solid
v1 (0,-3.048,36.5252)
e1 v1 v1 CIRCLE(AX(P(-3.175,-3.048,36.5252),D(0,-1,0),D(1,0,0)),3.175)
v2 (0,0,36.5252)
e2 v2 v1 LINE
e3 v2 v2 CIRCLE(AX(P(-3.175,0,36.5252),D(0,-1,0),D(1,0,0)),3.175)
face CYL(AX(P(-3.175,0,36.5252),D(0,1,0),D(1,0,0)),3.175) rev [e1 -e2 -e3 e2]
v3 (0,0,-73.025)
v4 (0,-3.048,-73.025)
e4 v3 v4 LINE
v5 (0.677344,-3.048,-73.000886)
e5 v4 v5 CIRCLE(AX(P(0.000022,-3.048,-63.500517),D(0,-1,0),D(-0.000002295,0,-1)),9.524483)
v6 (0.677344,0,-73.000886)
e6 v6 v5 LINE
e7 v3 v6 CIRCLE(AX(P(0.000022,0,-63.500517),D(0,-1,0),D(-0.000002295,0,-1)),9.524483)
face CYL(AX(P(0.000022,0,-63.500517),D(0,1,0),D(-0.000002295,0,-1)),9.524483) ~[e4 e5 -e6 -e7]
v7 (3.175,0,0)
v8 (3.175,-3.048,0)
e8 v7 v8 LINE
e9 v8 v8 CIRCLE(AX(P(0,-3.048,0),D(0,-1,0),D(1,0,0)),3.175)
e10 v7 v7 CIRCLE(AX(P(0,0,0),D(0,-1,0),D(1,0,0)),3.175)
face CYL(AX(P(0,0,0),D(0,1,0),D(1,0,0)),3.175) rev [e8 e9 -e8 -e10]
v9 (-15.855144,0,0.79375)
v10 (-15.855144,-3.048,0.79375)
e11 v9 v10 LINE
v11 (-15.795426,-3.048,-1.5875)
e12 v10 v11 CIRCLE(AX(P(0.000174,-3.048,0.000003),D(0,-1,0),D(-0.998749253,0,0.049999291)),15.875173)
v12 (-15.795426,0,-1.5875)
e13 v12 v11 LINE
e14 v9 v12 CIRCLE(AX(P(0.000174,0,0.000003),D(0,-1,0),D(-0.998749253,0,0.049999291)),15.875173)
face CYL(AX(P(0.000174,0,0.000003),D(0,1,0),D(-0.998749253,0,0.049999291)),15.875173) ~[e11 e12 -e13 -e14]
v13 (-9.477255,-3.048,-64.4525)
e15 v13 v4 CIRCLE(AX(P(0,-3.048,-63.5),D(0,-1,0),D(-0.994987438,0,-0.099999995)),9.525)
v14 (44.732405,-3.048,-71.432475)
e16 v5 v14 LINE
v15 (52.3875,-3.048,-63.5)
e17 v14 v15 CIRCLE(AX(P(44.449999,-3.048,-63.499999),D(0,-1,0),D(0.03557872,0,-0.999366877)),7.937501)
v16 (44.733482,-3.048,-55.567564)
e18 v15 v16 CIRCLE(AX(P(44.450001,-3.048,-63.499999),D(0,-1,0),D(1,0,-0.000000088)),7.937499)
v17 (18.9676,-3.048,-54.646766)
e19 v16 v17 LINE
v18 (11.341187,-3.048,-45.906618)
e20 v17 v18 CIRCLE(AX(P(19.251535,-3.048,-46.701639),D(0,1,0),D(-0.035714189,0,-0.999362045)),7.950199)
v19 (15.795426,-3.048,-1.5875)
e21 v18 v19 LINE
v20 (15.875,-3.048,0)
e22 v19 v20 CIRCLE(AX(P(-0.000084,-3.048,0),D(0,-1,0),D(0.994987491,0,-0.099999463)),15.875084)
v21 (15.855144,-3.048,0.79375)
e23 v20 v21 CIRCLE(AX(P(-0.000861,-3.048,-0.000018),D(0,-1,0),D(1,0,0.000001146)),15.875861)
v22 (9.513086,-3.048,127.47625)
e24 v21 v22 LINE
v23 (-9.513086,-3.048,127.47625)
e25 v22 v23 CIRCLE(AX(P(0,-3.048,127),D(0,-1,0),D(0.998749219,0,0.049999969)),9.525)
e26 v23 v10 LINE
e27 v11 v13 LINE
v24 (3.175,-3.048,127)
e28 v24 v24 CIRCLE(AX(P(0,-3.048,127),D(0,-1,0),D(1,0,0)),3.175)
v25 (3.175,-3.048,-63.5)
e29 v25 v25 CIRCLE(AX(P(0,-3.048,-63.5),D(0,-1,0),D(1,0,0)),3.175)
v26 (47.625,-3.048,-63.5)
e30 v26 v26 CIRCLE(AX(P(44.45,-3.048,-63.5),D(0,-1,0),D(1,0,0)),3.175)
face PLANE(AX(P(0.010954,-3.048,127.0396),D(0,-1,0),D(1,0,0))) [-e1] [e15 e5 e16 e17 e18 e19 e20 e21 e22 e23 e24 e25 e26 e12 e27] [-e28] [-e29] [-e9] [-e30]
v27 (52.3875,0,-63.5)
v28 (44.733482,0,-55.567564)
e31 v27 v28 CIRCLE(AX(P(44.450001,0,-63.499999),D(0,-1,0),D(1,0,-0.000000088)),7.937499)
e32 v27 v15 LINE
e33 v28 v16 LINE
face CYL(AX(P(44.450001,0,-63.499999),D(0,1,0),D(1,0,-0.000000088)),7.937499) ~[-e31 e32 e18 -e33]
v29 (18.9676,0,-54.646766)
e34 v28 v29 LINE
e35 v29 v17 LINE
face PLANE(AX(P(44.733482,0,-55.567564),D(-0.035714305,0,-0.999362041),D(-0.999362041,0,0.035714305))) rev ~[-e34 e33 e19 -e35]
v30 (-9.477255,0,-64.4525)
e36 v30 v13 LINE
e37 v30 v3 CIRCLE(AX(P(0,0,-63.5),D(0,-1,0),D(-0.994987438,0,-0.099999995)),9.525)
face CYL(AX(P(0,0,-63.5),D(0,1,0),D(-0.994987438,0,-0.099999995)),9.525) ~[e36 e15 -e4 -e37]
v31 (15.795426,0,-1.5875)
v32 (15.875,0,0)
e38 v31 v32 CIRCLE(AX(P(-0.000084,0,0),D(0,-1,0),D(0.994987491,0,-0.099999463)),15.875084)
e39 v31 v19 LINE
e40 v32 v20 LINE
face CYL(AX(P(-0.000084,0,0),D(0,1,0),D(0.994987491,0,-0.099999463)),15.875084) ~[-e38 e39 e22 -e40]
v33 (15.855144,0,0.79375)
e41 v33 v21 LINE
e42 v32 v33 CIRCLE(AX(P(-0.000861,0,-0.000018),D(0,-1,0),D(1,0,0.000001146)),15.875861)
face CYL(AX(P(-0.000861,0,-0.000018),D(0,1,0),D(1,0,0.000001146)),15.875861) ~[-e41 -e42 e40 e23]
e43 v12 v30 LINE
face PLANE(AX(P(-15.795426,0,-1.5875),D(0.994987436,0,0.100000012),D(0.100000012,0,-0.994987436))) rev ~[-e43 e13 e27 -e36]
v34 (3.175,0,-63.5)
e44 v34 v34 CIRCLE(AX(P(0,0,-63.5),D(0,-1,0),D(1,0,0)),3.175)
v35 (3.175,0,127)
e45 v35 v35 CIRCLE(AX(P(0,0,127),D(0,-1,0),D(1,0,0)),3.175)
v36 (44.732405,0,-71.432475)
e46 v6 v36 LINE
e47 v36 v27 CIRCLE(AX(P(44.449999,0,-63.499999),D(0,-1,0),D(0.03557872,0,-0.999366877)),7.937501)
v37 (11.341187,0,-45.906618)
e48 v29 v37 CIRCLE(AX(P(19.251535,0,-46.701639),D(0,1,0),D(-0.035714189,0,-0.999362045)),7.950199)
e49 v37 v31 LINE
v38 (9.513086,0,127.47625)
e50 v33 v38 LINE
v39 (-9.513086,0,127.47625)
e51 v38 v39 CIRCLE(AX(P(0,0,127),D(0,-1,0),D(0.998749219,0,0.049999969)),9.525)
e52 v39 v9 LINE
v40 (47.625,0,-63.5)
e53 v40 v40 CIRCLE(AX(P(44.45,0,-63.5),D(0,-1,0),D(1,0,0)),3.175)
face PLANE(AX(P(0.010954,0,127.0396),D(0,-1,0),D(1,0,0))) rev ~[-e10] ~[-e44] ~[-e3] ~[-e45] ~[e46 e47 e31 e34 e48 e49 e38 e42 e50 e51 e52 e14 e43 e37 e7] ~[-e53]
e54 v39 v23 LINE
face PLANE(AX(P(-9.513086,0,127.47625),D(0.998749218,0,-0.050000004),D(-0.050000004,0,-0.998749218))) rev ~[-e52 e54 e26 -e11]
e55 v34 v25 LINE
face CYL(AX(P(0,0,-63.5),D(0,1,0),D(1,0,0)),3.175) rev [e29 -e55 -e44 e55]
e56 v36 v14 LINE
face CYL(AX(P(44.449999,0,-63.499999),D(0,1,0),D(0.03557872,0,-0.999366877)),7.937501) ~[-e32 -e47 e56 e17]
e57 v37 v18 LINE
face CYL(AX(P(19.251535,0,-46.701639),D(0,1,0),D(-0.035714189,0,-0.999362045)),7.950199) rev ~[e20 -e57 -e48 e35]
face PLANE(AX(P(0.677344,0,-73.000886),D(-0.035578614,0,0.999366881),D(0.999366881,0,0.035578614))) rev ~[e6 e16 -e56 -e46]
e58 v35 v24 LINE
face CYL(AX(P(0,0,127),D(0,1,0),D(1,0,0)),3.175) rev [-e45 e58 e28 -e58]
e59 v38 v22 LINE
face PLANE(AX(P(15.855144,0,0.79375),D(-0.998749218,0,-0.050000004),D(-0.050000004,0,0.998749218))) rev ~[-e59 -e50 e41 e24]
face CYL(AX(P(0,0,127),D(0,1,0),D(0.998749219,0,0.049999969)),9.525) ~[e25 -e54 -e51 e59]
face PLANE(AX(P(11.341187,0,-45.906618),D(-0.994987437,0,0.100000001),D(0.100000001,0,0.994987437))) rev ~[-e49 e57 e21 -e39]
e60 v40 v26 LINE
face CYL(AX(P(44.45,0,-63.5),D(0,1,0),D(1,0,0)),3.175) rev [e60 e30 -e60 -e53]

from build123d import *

# Parameters (mm, degrees)
F0_R     = 3.175
F1_DEPTH = 3.048


with BuildPart() as f1:
    # F0 (on Front) → F1 (new body)
    with BuildSketch(Plane.XZ):
        with BuildLine():
            ThreePointArc((-9.513086, 127.47625), (-0.238199, 117.477979), (9.525, 127))
            ThreePointArc((9.525, 127), (9.522021, 127.238199), (9.513086, 127.47625))
            ThreePointArc((9.513086, 127.47625), (0, 136.525), (-9.513086, 127.47625))
        make_face()
        with Locations((0, 127)):
            Circle(F0_R, mode=Mode.SUBTRACT)
        with BuildLine():
            ThreePointArc((9.513086, 127.47625), (9.522021, 127.238199), (9.525, 127))
            ThreePointArc((9.525, 127), (-0.238199, 117.477979), (-9.513086, 127.47625))
            Line((-9.513086, 127.47625), (-15.855144, 0.79375))
            ThreePointArc((-15.855144, 0.79375), (0, 15.875), (15.855144, 0.79375))
            Line((15.855144, 0.79375), (9.513086, 127.47625))
        make_face()
        with Locations((-3.175, 36.5252)):
            Circle(F0_R, mode=Mode.SUBTRACT)
        with BuildLine():
            ThreePointArc((15.875, 0), (15.870035, 0.396999), (15.855144, 0.79375))
            ThreePointArc((15.855144, 0.79375), (0, 15.875), (-15.855144, 0.79375))
            ThreePointArc((-15.855144, 0.79375), (-15.87001, -0.397997), (-15.795426, -1.5875))
            ThreePointArc((-15.795426, -1.5875), (0, -15.875), (15.795426, -1.5875))
            ThreePointArc((15.795426, -1.5875), (15.855094, -0.794747), (15.875, 0))
        make_face()
        Circle(F0_R, mode=Mode.SUBTRACT)
        with BuildLine():
            ThreePointArc((15.795426, -1.5875), (0, -15.875), (-15.795426, -1.5875))
            Line((-15.795426, -1.5875), (-9.477255, -64.4525))
            ThreePointArc((-9.477255, -64.4525), (-0.476848, -53.986944), (9.525, -63.5))
            ThreePointArc((9.525, -63.5), (6.970557, -69.991299), (0.677344, -73.000886))
            Line((0.677344, -73.000886), (44.732405, -71.432475))
            ThreePointArc((44.732405, -71.432475), (36.5125, -63.499461), (44.733482, -55.567564))
            Line((44.733482, -55.567564), (18.9676, -54.646766))
            ThreePointArc((18.9676, -54.646766), (13.2612, -51.928641), (11.341187, -45.906618))
            Line((11.341187, -45.906618), (15.795426, -1.5875))
        make_face()
        with BuildLine():
            ThreePointArc((9.525, -63.5), (-0.476848, -53.986944), (-9.477255, -64.4525))
            ThreePointArc((-9.477255, -64.4525), (-6.389564, -70.563929), (0, -73.025))
            Line((0, -73.025), (0.677344, -73.000886))
            ThreePointArc((0.677344, -73.000886), (6.970557, -69.991299), (9.525, -63.5))
        make_face()
        with Locations((0, -63.5)):
            Circle(F0_R, mode=Mode.SUBTRACT)
        with BuildLine():
            Line((0.677344, -73.000886), (0, -73.025))
            ThreePointArc((0, -73.025), (0.338886, -73.01897), (0.677344, -73.000886))
        make_face()
        with BuildLine():
            ThreePointArc((52.3875, -63.5), (50.162007, -57.988477), (44.733482, -55.567564))
            ThreePointArc((44.733482, -55.567564), (36.5125, -63.499461), (44.732405, -71.432475))
            ThreePointArc((44.732405, -71.432475), (50.161633, -69.01191), (52.3875, -63.5))
        make_face()
        with Locations((44.45, -63.5)):
            Circle(F0_R, mode=Mode.SUBTRACT)
    extrude(amount=F1_DEPTH)


solid = f1.part
